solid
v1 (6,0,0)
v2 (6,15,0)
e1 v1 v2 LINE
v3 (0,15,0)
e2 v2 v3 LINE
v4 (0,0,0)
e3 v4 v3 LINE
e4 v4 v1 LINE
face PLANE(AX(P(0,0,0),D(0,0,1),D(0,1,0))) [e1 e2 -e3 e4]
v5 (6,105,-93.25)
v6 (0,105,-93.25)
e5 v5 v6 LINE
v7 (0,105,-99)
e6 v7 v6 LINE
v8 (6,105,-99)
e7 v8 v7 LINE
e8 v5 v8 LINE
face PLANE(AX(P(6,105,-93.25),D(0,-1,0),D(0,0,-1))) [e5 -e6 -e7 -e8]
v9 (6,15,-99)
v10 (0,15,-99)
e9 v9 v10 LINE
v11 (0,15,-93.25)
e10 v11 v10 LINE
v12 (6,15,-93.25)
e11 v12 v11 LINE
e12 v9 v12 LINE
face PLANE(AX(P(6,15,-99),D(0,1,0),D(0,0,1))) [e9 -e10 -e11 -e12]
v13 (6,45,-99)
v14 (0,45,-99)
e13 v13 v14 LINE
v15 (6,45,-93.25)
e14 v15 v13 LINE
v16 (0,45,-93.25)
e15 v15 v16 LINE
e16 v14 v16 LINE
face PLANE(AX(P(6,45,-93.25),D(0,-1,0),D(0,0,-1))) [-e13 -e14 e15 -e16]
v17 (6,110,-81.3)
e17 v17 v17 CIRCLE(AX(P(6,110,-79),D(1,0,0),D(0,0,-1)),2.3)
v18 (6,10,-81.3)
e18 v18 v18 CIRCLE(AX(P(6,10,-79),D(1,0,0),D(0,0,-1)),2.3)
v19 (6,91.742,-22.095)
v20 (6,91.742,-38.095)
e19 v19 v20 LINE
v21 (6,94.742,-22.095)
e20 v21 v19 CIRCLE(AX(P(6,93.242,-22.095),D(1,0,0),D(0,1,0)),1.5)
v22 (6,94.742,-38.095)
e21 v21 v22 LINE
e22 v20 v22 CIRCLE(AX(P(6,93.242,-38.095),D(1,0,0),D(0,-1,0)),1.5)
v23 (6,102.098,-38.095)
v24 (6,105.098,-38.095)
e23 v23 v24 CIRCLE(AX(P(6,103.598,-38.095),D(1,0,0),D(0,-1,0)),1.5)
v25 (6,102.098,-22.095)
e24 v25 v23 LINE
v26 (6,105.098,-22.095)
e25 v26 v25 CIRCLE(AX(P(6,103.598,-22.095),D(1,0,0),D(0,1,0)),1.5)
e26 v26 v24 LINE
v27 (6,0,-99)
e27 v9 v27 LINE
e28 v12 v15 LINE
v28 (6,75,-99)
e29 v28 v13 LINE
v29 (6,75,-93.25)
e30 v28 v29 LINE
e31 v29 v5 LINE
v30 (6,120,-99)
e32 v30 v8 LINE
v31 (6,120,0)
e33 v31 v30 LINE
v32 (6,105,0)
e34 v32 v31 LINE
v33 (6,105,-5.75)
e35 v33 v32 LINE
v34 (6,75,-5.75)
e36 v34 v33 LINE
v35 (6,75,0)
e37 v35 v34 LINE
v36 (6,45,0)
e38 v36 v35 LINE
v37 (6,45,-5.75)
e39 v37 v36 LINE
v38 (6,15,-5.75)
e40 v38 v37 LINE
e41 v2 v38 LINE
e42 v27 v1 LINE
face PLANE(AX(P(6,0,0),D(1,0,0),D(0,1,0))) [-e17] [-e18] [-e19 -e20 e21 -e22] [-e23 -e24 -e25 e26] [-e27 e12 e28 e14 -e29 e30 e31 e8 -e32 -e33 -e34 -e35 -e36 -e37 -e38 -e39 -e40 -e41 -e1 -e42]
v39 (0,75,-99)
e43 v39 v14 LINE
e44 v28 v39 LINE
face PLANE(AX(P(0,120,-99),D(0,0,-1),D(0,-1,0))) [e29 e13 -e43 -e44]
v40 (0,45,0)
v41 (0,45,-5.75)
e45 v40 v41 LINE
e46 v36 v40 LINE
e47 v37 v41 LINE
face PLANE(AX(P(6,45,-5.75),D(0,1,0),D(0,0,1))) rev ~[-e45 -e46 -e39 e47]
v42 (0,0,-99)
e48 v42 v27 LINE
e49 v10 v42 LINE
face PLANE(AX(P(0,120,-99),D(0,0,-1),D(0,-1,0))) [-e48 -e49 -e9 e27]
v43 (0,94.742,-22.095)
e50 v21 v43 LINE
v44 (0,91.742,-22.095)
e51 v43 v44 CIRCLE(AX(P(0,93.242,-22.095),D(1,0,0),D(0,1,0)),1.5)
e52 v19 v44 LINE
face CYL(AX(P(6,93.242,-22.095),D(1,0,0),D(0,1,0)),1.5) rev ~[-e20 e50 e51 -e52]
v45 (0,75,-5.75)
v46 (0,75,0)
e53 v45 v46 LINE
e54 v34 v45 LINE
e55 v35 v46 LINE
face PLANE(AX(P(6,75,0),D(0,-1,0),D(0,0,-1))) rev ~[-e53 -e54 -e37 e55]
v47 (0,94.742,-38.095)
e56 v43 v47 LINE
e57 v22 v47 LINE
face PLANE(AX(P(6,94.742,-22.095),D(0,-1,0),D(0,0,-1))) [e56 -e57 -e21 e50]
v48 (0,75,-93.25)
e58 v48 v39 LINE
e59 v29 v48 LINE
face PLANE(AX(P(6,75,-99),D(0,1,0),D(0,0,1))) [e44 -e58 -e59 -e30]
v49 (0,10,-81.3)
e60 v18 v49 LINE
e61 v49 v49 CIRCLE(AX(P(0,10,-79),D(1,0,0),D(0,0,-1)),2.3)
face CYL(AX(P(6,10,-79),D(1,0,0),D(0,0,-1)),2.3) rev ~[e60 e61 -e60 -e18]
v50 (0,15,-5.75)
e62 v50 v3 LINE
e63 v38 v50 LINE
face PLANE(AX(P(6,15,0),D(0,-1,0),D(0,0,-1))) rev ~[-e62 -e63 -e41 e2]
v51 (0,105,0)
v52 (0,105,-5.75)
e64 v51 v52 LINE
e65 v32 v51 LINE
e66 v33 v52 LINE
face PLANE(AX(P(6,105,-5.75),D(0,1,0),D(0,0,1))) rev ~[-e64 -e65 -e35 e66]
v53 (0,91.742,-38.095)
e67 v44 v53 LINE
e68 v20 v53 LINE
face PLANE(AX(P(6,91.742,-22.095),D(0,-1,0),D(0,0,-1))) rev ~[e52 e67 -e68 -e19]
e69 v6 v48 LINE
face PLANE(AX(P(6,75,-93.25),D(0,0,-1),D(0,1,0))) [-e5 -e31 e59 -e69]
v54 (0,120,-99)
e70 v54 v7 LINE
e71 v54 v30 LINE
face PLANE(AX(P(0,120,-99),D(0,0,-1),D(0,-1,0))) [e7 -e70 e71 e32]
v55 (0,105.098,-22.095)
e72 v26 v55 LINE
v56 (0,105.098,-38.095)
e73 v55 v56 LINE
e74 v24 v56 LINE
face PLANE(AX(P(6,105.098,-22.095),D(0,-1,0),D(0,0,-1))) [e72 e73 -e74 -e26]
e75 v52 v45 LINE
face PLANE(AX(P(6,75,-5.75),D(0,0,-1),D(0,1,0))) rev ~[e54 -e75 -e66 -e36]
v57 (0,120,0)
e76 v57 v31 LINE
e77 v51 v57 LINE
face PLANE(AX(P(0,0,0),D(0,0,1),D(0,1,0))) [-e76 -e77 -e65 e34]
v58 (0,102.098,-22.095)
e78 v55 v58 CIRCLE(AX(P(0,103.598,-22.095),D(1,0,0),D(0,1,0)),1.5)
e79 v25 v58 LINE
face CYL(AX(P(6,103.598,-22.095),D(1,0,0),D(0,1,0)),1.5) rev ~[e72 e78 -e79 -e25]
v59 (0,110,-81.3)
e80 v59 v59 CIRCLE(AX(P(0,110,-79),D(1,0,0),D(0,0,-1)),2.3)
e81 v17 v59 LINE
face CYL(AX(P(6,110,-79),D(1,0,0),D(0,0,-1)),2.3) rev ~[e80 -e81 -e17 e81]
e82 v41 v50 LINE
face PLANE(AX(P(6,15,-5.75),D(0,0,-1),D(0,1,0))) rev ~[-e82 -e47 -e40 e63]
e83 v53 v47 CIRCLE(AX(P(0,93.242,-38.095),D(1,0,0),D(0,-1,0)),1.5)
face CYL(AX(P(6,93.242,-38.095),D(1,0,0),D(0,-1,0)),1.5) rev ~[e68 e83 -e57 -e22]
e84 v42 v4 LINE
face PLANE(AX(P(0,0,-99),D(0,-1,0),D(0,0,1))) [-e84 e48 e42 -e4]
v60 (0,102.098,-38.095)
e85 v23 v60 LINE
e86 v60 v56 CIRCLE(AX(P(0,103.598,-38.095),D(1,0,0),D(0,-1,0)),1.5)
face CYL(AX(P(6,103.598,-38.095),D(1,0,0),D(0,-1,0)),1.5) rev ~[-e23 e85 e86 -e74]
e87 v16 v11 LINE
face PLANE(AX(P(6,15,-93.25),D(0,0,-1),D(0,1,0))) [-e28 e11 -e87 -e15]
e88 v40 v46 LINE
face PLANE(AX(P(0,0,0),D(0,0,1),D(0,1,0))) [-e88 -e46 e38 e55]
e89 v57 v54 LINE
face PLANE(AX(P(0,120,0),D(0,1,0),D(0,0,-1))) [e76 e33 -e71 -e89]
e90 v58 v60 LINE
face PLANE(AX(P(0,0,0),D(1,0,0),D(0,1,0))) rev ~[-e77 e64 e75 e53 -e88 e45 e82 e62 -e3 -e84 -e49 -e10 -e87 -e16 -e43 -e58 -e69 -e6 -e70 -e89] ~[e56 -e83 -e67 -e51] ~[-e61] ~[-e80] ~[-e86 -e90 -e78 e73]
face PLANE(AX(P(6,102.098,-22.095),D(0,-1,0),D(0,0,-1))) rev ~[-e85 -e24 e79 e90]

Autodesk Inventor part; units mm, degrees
ref_plane "YZ Plane" through (0, 0, 0) normal (1, 0, 0) x (0, 1, 0)
ref_plane "XZ Plane" through (0, 0, 0) normal (0, 1, 0) x (-1, 0, 0)
ref_plane "XY Plane" through (0, 0, 0) normal (0, 0, 1) x (1, 0, 0)
sketch "Sketch1" plane through (0, 0, 0) normal (1, 0, 0) x (0, 1, 0)
  line L0 (0, 0) -> (120, 0)
  line L1 (120, 0) -> (120, -99)
  line L2 (120, -99) -> (0, -99)
  line L3 (0, -99) -> (0, 0)
  dimension "d0" = 120
  dimension "d1" = 99
extrude "Extrusion1" add sketch "Sketch1" along normal blind 6
sketch "Sketch2" plane through (6, 0, 0) normal (1, 0, 0) x (0, 0, -1)
  line L0 (0, 120) -> (0, 0) projected
  line L1 (0, 0) -> (99, 0) projected
  line L2 (99, 0) -> (99, 120) projected
  line L3 (99, 120) -> (0, 120) projected
  line L4 (0, 120) -> (0, 0) projected
  line L5 (0, 15) -> (5.75, 15)
  line L6 (5.75, 15) -> (5.75, 45)
  line L7 (5.75, 45) -> (0, 45)
  line L8 (0, 45) -> (0, 15)
  line L9 (0, 75) -> (5.75, 75)
  line L10 (5.75, 75) -> (5.75, 105)
  line L11 (5.75, 105) -> (0, 105)
  line L12 (0, 105) -> (0, 75)
  line L13 (99, 15) -> (93.25, 15)
  line L14 (93.25, 15) -> (93.25, 45)
  line L15 (93.25, 45) -> (99, 45)
  line L16 (99, 45) -> (99, 15)
  line L17 (99, 75) -> (93.25, 75)
  line L18 (93.25, 75) -> (93.25, 105)
  line L19 (93.25, 105) -> (99, 105)
  line L20 (99, 105) -> (99, 75)
  line L21 (-12.0657, 60) -> (104.2665, 60)
  line L22 (99, 120) -> (0, 120) projected
  dimension "d5" = 5.75
  dimension "d6" = 5.75
  dimension "d8" = 30
  dimension "d9" = 30
  dimension "d22" = 60
  dimension "d23" = 15
  dimension "d24" = 15
extrude "Extrusion2" cut sketch "Sketch2" against normal up to next contours L11 L10 L9 L0 | L2 L17 L18 L19 | L7 L6 L5 L0 | L2 L13 L14 L15
sketch "Sketch3" plane through (6, 0, 0) normal (1, 0, 0) x (0, 0, -1)
  circle A0 centre (79, 10) radius 2.3
  circle A1 centre (79, 110) radius 2.3
  line L0 (99, 105) -> (99, 120) projected
  line L1 (99, 120) -> (0, 120) projected
  line L2 (99, 0) -> (99, 15) projected
  line L3 (0, 0) -> (99, 0) projected
  dimension "d13" = 20
  dimension "d14" = 10
  dimension "d15" = 4.6
  dimension "d17" = 10
  dimension "d18" = 20
  dimension "d19" = 4.6
extrude "Extrusion3" cut sketch "Sketch3" against normal up to next
sketch "Sketch4" plane through (6, 0, 0) normal (1, 0, 0) x (0, 0, -1)
  circle A0 centre (79, 10) radius 2.3 projected
  circle A1 centre (79, 110) radius 2.3 projected
  line L0 (5.75, 75) -> (0, 75) projected
  line L1 (0, 75) -> (0, 45) projected
  line L2 (0, 45) -> (5.75, 45) projected
  line L3 (5.75, 45) -> (5.75, 15) projected
  line L4 (5.75, 15) -> (0, 15) projected
  line L5 (0, 15) -> (0, 0) projected
  line L6 (0, 0) -> (99, 0) projected
  line L7 (99, 0) -> (99, 15) projected
  line L8 (99, 15) -> (93.25, 15) projected
  line L9 (93.25, 15) -> (93.25, 45) projected
  line L10 (93.25, 45) -> (99, 45) projected
  line L11 (99, 45) -> (99, 75) projected
  line L12 (99, 75) -> (93.25, 75) projected
  line L13 (93.25, 75) -> (93.25, 105) projected
  line L14 (93.25, 105) -> (99, 105) projected
  line L15 (99, 105) -> (99, 120) projected
  line L16 (99, 120) -> (0, 120) projected
  line L17 (0, 120) -> (0, 105) projected
  line L18 (0, 105) -> (5.75, 105) projected
  line L19 (5.75, 105) -> (5.75, 75) projected
  circle A2 centre (33.095, 103.598) radius 1.5 construction
  circle A3 centre (33.095, 93.242) radius 1.5 construction
  arc A4 (22.095, 105.098) -> (22.095, 102.098) centre (22.095, 103.598) ccw
  arc A5 (38.095, 102.098) -> (38.095, 105.098) centre (38.095, 103.598) ccw
  arc A6 (22.095, 94.742) -> (22.095, 91.742) centre (22.095, 93.242) ccw
  arc A7 (38.095, 91.742) -> (38.095, 94.742) centre (38.095, 93.242) ccw
  line L20 (22.095, 91.742) -> (38.095, 91.742)
  line L21 (22.095, 94.742) -> (38.095, 94.742)
  line L22 (22.095, 102.098) -> (38.095, 102.098)
  line L23 (22.095, 105.098) -> (38.095, 105.098)
  dimension "d25" = 3
  dimension "d26" = 3
  dimension "d27" = 10.356
  dimension "d28" = 16.402
  dimension "d29" = 65.905
  dimension "d30" = 3
  dimension "d31" = 3
  dimension "d32" = 3
  dimension "d33" = 3
  dimension "d34" = 16
  dimension "d35" = 16
  dimension "d36" = 11
  dimension "d37" = 11
extrude "Extrusion4" cut sketch "Sketch4" against normal blind 10 contours L23 A5 L22 A4 | L21 A7 L20 A6
equation "\"d26\" = d25"
equation "\"d30\" = d25"
equation "\"d31\" = d25"
equation "\"d32\" = d25"
equation "\"d33\" = d25"
properties part number "SideLeft"
